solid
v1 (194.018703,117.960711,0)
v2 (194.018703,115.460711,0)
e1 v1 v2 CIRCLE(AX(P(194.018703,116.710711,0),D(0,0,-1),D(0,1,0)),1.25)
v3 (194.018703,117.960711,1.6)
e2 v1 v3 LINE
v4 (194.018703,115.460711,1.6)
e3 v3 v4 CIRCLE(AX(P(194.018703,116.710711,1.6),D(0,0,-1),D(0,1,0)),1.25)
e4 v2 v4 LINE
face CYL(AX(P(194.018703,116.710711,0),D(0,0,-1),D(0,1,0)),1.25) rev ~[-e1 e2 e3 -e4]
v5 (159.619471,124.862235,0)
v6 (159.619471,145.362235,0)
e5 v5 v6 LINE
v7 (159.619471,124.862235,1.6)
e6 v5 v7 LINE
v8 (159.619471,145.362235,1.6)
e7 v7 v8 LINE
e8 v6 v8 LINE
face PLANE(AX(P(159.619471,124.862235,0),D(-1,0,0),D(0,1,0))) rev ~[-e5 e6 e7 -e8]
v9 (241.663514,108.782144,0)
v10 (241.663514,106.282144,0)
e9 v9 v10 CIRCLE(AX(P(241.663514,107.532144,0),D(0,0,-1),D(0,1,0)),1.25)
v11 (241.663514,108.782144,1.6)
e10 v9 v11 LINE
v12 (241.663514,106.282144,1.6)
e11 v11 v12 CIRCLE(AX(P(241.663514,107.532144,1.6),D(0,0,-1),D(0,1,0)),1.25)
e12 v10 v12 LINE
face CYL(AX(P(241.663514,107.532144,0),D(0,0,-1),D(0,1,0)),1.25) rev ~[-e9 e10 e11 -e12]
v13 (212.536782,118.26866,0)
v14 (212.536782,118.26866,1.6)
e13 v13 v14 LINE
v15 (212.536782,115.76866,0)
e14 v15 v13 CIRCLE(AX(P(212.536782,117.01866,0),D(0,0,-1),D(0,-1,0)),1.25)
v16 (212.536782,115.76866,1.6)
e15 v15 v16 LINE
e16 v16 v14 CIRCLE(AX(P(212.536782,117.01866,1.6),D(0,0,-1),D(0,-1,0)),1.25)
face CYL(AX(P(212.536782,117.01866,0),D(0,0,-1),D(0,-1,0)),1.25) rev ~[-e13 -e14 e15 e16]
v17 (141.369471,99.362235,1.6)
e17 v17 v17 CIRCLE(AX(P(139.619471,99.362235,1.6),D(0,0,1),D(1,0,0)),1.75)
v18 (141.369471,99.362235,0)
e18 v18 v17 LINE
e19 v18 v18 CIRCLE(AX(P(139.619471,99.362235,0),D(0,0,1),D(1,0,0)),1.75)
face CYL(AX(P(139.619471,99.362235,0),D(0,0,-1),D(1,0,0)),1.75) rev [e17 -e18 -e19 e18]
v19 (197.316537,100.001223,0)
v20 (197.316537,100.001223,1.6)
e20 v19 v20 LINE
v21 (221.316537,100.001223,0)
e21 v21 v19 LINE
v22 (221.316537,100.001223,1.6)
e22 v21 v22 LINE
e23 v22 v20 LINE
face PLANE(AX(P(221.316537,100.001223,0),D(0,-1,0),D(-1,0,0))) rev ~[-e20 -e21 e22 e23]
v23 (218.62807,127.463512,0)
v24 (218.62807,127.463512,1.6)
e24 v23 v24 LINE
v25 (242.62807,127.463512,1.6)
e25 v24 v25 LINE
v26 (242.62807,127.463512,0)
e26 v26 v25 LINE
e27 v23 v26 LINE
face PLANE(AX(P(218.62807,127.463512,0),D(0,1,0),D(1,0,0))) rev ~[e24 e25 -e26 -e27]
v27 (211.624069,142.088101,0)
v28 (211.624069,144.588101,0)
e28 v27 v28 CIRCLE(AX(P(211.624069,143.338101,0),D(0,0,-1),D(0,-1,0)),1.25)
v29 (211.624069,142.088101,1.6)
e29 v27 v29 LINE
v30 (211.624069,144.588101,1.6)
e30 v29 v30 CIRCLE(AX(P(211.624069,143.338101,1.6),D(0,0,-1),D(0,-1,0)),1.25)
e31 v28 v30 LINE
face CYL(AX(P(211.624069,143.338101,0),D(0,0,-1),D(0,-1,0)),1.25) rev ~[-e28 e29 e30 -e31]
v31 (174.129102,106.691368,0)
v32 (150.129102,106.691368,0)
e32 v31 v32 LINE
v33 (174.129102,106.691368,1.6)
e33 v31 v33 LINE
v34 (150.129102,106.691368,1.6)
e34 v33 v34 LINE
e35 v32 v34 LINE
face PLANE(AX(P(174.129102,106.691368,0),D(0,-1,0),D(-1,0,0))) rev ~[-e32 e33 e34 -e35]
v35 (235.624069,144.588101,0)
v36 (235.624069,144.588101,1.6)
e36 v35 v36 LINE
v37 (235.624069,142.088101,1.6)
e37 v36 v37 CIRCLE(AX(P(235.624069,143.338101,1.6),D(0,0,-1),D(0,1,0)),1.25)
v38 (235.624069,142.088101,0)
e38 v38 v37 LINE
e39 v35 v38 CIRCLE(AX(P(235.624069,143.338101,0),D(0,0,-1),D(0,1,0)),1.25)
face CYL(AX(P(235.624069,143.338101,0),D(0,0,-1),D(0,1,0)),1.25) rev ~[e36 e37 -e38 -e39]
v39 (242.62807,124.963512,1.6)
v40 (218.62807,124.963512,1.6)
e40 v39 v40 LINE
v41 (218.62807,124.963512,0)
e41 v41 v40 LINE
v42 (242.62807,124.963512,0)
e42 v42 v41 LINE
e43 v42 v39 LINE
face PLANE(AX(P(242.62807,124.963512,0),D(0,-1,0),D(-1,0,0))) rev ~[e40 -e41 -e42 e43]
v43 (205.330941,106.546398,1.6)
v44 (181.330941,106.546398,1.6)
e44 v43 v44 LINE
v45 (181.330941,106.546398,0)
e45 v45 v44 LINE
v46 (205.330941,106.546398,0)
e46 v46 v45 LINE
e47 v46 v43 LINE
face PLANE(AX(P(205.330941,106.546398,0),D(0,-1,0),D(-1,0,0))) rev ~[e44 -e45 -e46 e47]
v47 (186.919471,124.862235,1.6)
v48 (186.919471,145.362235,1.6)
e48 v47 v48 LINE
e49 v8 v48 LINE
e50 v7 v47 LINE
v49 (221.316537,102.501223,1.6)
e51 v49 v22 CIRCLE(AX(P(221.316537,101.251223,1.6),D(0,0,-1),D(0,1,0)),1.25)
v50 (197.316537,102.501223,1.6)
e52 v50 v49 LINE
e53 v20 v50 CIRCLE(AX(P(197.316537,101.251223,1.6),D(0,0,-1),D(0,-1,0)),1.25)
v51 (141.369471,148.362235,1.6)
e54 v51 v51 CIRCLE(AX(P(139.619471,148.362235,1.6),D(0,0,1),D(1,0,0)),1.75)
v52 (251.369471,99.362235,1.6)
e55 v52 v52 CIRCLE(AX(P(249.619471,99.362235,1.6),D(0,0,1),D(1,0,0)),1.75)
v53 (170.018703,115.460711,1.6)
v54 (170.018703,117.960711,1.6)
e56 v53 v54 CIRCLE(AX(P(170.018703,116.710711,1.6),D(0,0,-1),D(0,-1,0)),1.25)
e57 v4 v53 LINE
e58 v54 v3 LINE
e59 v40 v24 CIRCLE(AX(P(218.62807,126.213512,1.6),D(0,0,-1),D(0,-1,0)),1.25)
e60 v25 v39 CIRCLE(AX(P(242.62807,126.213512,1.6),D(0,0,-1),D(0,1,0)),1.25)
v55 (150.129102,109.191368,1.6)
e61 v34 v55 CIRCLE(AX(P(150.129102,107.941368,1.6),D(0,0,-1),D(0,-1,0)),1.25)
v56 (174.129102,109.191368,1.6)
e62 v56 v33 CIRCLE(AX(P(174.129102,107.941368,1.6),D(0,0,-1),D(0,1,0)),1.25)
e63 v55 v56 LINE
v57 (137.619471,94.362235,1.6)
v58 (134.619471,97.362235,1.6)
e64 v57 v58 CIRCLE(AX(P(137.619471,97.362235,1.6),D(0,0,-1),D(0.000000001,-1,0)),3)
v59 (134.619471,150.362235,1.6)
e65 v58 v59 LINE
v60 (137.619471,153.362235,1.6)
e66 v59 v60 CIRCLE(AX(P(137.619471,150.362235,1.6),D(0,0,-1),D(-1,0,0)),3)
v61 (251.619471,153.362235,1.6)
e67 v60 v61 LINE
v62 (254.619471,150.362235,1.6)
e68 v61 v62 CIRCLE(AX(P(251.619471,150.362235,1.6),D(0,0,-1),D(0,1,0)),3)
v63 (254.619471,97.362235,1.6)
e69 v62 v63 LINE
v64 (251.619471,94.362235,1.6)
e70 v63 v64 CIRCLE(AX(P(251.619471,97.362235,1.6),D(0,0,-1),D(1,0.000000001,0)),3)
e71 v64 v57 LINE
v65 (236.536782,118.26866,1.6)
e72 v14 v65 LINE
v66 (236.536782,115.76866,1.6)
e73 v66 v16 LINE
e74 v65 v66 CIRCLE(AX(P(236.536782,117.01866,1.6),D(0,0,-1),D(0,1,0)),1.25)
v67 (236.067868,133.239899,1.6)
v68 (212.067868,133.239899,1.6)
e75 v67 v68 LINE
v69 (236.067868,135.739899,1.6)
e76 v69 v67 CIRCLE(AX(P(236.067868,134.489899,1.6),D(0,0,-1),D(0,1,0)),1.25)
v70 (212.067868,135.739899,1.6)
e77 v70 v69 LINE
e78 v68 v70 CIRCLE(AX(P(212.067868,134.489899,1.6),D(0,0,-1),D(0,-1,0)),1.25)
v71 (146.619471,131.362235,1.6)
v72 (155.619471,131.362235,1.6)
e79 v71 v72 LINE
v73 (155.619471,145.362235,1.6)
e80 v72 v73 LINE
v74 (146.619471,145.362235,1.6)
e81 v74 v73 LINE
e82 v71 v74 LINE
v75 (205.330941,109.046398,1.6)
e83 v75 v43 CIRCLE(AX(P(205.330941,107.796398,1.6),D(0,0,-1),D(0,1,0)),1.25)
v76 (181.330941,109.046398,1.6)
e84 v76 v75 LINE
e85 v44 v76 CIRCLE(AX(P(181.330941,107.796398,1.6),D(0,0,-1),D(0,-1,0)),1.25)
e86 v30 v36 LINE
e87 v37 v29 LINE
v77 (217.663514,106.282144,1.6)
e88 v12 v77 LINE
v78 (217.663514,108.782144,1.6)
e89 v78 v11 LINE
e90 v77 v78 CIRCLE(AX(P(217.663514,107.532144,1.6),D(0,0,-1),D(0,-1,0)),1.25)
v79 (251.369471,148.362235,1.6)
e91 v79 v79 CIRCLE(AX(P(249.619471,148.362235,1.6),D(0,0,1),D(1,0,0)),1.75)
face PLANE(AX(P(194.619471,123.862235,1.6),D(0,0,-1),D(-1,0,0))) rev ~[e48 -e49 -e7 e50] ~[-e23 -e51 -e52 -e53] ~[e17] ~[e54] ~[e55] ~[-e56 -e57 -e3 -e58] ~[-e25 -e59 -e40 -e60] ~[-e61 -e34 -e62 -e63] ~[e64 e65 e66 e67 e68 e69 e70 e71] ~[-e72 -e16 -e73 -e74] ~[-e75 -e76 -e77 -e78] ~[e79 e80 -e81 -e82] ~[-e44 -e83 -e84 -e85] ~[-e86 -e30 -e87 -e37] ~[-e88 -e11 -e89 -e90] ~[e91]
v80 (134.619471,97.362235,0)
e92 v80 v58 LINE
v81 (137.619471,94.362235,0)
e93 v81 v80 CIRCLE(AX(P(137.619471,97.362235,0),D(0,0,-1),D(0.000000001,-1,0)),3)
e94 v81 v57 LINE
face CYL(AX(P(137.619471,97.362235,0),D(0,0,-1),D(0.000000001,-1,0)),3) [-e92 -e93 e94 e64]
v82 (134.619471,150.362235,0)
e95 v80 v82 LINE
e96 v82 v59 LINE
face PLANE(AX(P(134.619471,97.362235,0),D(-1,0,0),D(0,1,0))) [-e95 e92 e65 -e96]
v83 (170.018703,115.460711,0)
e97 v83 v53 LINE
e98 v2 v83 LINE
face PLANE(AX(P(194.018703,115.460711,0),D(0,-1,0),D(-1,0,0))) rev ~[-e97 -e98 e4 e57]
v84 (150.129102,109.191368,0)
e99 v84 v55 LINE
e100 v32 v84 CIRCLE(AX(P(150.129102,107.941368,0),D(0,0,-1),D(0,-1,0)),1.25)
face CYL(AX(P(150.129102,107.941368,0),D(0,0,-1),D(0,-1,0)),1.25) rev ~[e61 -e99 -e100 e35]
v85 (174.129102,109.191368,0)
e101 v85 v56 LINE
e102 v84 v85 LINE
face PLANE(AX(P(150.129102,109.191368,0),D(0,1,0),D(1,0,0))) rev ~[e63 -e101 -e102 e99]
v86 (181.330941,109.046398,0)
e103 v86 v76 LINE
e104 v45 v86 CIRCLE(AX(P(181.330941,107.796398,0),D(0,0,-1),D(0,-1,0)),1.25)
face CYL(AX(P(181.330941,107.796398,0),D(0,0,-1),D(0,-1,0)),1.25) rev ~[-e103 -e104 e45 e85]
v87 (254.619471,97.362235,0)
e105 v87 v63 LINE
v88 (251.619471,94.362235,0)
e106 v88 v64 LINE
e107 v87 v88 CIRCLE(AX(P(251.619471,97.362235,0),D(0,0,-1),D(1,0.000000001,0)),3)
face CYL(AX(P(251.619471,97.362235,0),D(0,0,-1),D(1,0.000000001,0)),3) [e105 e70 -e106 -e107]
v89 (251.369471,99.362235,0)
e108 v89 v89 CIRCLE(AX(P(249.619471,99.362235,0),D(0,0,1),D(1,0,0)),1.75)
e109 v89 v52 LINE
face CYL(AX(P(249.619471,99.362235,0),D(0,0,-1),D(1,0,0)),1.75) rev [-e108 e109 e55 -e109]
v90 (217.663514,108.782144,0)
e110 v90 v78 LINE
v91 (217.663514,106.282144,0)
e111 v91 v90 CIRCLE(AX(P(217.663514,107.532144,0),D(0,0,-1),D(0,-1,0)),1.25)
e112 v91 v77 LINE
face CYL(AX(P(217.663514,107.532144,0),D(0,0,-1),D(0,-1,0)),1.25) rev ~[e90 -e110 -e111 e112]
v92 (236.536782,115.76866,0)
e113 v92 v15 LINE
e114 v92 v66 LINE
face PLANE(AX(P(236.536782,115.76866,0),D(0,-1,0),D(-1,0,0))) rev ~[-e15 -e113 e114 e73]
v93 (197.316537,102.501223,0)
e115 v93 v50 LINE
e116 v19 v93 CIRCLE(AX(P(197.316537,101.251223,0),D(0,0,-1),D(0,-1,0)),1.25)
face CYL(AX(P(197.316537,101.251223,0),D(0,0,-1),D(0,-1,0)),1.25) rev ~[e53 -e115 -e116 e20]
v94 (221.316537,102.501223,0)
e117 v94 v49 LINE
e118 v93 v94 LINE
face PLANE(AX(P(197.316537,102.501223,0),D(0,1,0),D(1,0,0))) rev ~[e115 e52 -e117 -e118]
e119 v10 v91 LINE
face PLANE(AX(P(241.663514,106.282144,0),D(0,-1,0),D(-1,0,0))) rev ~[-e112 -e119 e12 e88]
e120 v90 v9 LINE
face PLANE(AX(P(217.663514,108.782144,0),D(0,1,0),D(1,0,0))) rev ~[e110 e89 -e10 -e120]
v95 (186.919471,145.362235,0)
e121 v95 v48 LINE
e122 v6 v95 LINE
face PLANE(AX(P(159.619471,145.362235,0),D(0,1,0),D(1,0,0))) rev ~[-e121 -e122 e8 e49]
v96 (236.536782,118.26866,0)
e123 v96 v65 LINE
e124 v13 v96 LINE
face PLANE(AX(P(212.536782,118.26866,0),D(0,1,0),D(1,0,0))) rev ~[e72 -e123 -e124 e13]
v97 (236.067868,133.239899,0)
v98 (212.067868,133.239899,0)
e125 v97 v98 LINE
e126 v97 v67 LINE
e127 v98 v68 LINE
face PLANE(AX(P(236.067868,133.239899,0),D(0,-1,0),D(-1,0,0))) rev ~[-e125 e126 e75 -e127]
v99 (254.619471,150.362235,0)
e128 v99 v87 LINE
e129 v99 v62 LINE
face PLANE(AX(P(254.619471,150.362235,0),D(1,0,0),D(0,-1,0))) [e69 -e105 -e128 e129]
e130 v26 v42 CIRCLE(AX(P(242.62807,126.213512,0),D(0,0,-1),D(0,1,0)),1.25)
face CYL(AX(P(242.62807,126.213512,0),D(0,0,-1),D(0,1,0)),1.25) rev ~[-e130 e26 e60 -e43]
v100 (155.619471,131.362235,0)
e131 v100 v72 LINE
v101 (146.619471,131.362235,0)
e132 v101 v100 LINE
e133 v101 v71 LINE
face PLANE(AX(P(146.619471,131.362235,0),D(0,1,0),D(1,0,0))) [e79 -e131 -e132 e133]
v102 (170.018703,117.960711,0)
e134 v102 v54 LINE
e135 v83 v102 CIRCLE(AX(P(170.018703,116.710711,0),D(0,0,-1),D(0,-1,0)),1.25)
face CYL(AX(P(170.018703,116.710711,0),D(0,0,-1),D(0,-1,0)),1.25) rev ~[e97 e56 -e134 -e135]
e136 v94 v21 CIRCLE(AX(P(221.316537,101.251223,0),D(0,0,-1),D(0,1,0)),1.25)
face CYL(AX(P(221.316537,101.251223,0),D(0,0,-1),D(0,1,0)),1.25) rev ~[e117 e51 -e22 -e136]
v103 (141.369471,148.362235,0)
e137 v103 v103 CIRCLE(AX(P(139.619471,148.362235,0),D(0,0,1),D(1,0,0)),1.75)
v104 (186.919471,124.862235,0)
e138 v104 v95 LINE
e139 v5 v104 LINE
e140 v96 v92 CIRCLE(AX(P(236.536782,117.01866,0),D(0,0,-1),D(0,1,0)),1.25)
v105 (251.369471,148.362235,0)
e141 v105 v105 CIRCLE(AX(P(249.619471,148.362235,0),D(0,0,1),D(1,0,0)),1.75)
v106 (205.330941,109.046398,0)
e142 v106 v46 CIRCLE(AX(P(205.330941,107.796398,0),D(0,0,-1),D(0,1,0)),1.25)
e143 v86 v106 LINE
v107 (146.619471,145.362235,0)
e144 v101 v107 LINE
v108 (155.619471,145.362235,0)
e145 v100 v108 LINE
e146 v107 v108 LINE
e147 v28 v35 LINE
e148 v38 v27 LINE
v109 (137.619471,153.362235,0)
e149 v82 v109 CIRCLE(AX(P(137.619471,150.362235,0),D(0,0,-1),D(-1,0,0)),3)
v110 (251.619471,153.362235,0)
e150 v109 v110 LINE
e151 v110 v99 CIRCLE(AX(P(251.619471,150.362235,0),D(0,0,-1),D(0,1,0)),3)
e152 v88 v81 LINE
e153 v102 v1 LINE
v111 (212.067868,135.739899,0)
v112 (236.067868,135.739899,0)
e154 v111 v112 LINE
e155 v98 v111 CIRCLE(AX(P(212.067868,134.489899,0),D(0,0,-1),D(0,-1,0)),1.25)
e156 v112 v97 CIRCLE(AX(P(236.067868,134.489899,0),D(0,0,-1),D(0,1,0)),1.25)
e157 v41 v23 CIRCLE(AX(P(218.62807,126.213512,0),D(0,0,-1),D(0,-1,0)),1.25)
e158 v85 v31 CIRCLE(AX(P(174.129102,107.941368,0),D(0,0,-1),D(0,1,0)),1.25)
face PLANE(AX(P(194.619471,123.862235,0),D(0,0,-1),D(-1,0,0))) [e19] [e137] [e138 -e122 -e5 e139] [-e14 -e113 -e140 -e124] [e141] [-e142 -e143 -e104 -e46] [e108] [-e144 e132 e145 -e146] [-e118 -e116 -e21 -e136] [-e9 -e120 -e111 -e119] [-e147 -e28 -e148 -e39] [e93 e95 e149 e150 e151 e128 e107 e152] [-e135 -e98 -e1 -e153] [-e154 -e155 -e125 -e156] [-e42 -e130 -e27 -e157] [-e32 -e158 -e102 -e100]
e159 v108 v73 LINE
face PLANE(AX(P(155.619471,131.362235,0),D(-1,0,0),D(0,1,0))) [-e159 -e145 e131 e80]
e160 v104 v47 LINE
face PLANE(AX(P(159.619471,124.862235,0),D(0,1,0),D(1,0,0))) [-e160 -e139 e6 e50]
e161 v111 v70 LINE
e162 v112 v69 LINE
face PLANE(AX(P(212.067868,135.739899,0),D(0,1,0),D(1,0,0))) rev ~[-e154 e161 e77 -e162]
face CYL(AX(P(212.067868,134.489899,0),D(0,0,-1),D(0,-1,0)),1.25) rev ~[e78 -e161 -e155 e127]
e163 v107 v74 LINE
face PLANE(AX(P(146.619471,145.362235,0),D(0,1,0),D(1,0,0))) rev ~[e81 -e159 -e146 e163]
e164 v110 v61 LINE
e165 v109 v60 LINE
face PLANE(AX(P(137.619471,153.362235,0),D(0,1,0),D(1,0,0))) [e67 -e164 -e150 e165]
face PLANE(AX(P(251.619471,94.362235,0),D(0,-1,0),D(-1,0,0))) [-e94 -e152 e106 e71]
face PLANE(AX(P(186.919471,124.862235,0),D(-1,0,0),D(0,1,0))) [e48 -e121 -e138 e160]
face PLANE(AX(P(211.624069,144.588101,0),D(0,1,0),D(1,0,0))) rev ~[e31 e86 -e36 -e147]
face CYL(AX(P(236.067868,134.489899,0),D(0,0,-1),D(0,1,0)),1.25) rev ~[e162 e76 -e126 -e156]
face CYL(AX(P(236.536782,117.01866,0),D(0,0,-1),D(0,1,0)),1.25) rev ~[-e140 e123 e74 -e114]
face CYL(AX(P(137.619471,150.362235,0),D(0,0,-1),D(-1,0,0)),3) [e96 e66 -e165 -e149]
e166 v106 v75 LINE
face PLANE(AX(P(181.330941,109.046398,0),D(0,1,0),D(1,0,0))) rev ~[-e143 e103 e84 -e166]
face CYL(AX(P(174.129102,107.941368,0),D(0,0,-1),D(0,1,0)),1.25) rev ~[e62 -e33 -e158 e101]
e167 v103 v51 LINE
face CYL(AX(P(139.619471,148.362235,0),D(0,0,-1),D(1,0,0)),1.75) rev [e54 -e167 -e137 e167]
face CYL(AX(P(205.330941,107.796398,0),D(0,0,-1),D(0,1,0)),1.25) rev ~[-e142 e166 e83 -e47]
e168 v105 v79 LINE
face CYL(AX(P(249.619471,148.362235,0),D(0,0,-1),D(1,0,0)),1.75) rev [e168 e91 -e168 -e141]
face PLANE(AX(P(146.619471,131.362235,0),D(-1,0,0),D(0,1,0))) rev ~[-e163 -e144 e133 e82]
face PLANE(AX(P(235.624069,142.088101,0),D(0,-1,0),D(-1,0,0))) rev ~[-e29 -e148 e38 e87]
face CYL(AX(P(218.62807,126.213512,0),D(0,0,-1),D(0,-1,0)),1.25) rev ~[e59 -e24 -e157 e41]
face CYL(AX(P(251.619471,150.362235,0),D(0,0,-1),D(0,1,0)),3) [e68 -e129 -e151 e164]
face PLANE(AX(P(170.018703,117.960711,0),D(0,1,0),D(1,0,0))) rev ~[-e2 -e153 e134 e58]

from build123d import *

# Parameters (mm, degrees)
SKETCH_2_R      = 1.75
SKETCH_2_W      = 27.3
SKETCH_2_H      = 20.5
SKETCH_2_W_2    = 9
SKETCH_2_H_2    = 14
EXTRUDE_1_DEPTH = 1.6


with BuildPart() as part:
    # 草图2 → 凸台-拉伸1 (new body)
    with BuildSketch(Plane.XY):
        with BuildLine():
            Line((137.6194709, 153.362234659), (251.6194709, 153.362234659))
            ThreePointArc((251.6194709, 153.362234659), (253.740791244, 152.483555002), (254.6194709, 150.362234659))
            Line((254.6194709, 150.362234659), (254.6194709, 97.362234659))
            ThreePointArc((254.6194709, 97.362234659), (253.740791244, 95.240914315), (251.6194709, 94.362234659))
            Line((251.6194709, 94.362234659), (137.6194709, 94.362234659))
            ThreePointArc((137.6194709, 94.362234659), (135.498150556, 95.240914315), (134.6194709, 97.362234659))
            Line((134.6194709, 97.362234659), (134.6194709, 150.362234659))
            ThreePointArc((134.6194709, 150.362234659), (135.498150556, 152.483555002), (137.6194709, 153.362234659))
        make_face()
        with Locations((139.6194709, 99.362234659)):
            Circle(SKETCH_2_R, mode=Mode.SUBTRACT)
        with Locations((249.6194709, 99.362234659)):
            Circle(SKETCH_2_R, mode=Mode.SUBTRACT)
        with Locations((249.6194709, 148.362234659)):
            Circle(SKETCH_2_R, mode=Mode.SUBTRACT)
        with Locations((139.6194709, 148.362234659)):
            Circle(SKETCH_2_R, mode=Mode.SUBTRACT)
        with Locations((173.2694709, 135.112234659)):
            Rectangle(SKETCH_2_W, SKETCH_2_H, mode=Mode.SUBTRACT)
        with BuildLine():
            Line((211.624069471, 144.588100568), (235.624069471, 144.588100568))
            ThreePointArc((235.624069471, 144.588100568), (236.874069471, 143.338100568), (235.624069471, 142.088100568))
            Line((235.624069471, 142.088100568), (211.624069471, 142.088100568))
            ThreePointArc((211.624069471, 142.088100568), (210.374069471, 143.338100568), (211.624069471, 144.588100568))
        make_face(mode=Mode.SUBTRACT)
        with BuildLine():
            Line((212.067868177, 135.739898553), (236.067868177, 135.739898553))
            ThreePointArc((236.067868177, 135.739898553), (237.317868177, 134.489898553), (236.067868177, 133.239898553))
            Line((236.067868177, 133.239898553), (212.067868177, 133.239898553))
            ThreePointArc((212.067868177, 133.239898553), (210.817868177, 134.489898553), (212.067868177, 135.739898553))
        make_face(mode=Mode.SUBTRACT)
        with BuildLine():
            Line((212.536781854, 118.268660205), (236.536781854, 118.268660205))
            ThreePointArc((236.536781854, 118.268660205), (237.786781854, 117.018660205), (236.536781854, 115.768660205))
            Line((236.536781854, 115.768660205), (212.536781854, 115.768660205))
            ThreePointArc((212.536781854, 115.768660205), (211.286781854, 117.018660205), (212.536781854, 118.268660205))
        make_face(mode=Mode.SUBTRACT)
        with BuildLine():
            Line((150.12910228, 109.191368081), (174.12910228, 109.191368081))
            ThreePointArc((174.12910228, 109.191368081), (175.37910228, 107.941368081), (174.12910228, 106.691368081))
            Line((174.12910228, 106.691368081), (150.12910228, 106.691368081))
            ThreePointArc((150.12910228, 106.691368081), (148.87910228, 107.941368081), (150.12910228, 109.191368081))
        make_face(mode=Mode.SUBTRACT)
        with BuildLine():
            Line((181.33094074, 109.046397883), (205.33094074, 109.046397883))
            ThreePointArc((205.33094074, 109.046397883), (206.58094074, 107.796397883), (205.33094074, 106.546397883))
            Line((205.33094074, 106.546397883), (181.33094074, 106.546397883))
            ThreePointArc((181.33094074, 106.546397883), (180.08094074, 107.796397883), (181.33094074, 109.046397883))
        make_face(mode=Mode.SUBTRACT)
        with BuildLine():
            Line((217.663513674, 108.782143694), (241.663513674, 108.782143694))
            ThreePointArc((241.663513674, 108.782143694), (242.913513674, 107.532143694), (241.663513674, 106.282143694))
            Line((241.663513674, 106.282143694), (217.663513674, 106.282143694))
            ThreePointArc((217.663513674, 106.282143694), (216.413513674, 107.532143694), (217.663513674, 108.782143694))
        make_face(mode=Mode.SUBTRACT)
        with BuildLine():
            Line((218.628069565, 127.463512498), (242.628069565, 127.463512498))
            ThreePointArc((242.628069565, 127.463512498), (243.878069565, 126.213512498), (242.628069565, 124.963512498))
            Line((242.628069565, 124.963512498), (218.628069565, 124.963512498))
            ThreePointArc((218.628069565, 124.963512498), (217.378069565, 126.213512498), (218.628069565, 127.463512498))
        make_face(mode=Mode.SUBTRACT)
        with BuildLine():
            Line((170.018702634, 117.960710868), (194.018702634, 117.960710868))
            ThreePointArc((194.018702634, 117.960710868), (195.268702634, 116.710710868), (194.018702634, 115.460710868))
            Line((194.018702634, 115.460710868), (170.018702634, 115.460710868))
            ThreePointArc((170.018702634, 115.460710868), (168.768702634, 116.710710868), (170.018702634, 117.960710868))
        make_face(mode=Mode.SUBTRACT)
        with BuildLine():
            Line((197.316536613, 102.501223257), (221.316536613, 102.501223257))
            ThreePointArc((221.316536613, 102.501223257), (222.566536613, 101.251223257), (221.316536613, 100.001223257))
            Line((221.316536613, 100.001223257), (197.316536613, 100.001223257))
            ThreePointArc((197.316536613, 100.001223257), (196.066536613, 101.251223257), (197.316536613, 102.501223257))
        make_face(mode=Mode.SUBTRACT)
        with Locations((151.1194709, 138.362234659)):
            Rectangle(SKETCH_2_W_2, SKETCH_2_H_2, mode=Mode.SUBTRACT)
    extrude(amount=EXTRUDE_1_DEPTH)


solid = part.part
